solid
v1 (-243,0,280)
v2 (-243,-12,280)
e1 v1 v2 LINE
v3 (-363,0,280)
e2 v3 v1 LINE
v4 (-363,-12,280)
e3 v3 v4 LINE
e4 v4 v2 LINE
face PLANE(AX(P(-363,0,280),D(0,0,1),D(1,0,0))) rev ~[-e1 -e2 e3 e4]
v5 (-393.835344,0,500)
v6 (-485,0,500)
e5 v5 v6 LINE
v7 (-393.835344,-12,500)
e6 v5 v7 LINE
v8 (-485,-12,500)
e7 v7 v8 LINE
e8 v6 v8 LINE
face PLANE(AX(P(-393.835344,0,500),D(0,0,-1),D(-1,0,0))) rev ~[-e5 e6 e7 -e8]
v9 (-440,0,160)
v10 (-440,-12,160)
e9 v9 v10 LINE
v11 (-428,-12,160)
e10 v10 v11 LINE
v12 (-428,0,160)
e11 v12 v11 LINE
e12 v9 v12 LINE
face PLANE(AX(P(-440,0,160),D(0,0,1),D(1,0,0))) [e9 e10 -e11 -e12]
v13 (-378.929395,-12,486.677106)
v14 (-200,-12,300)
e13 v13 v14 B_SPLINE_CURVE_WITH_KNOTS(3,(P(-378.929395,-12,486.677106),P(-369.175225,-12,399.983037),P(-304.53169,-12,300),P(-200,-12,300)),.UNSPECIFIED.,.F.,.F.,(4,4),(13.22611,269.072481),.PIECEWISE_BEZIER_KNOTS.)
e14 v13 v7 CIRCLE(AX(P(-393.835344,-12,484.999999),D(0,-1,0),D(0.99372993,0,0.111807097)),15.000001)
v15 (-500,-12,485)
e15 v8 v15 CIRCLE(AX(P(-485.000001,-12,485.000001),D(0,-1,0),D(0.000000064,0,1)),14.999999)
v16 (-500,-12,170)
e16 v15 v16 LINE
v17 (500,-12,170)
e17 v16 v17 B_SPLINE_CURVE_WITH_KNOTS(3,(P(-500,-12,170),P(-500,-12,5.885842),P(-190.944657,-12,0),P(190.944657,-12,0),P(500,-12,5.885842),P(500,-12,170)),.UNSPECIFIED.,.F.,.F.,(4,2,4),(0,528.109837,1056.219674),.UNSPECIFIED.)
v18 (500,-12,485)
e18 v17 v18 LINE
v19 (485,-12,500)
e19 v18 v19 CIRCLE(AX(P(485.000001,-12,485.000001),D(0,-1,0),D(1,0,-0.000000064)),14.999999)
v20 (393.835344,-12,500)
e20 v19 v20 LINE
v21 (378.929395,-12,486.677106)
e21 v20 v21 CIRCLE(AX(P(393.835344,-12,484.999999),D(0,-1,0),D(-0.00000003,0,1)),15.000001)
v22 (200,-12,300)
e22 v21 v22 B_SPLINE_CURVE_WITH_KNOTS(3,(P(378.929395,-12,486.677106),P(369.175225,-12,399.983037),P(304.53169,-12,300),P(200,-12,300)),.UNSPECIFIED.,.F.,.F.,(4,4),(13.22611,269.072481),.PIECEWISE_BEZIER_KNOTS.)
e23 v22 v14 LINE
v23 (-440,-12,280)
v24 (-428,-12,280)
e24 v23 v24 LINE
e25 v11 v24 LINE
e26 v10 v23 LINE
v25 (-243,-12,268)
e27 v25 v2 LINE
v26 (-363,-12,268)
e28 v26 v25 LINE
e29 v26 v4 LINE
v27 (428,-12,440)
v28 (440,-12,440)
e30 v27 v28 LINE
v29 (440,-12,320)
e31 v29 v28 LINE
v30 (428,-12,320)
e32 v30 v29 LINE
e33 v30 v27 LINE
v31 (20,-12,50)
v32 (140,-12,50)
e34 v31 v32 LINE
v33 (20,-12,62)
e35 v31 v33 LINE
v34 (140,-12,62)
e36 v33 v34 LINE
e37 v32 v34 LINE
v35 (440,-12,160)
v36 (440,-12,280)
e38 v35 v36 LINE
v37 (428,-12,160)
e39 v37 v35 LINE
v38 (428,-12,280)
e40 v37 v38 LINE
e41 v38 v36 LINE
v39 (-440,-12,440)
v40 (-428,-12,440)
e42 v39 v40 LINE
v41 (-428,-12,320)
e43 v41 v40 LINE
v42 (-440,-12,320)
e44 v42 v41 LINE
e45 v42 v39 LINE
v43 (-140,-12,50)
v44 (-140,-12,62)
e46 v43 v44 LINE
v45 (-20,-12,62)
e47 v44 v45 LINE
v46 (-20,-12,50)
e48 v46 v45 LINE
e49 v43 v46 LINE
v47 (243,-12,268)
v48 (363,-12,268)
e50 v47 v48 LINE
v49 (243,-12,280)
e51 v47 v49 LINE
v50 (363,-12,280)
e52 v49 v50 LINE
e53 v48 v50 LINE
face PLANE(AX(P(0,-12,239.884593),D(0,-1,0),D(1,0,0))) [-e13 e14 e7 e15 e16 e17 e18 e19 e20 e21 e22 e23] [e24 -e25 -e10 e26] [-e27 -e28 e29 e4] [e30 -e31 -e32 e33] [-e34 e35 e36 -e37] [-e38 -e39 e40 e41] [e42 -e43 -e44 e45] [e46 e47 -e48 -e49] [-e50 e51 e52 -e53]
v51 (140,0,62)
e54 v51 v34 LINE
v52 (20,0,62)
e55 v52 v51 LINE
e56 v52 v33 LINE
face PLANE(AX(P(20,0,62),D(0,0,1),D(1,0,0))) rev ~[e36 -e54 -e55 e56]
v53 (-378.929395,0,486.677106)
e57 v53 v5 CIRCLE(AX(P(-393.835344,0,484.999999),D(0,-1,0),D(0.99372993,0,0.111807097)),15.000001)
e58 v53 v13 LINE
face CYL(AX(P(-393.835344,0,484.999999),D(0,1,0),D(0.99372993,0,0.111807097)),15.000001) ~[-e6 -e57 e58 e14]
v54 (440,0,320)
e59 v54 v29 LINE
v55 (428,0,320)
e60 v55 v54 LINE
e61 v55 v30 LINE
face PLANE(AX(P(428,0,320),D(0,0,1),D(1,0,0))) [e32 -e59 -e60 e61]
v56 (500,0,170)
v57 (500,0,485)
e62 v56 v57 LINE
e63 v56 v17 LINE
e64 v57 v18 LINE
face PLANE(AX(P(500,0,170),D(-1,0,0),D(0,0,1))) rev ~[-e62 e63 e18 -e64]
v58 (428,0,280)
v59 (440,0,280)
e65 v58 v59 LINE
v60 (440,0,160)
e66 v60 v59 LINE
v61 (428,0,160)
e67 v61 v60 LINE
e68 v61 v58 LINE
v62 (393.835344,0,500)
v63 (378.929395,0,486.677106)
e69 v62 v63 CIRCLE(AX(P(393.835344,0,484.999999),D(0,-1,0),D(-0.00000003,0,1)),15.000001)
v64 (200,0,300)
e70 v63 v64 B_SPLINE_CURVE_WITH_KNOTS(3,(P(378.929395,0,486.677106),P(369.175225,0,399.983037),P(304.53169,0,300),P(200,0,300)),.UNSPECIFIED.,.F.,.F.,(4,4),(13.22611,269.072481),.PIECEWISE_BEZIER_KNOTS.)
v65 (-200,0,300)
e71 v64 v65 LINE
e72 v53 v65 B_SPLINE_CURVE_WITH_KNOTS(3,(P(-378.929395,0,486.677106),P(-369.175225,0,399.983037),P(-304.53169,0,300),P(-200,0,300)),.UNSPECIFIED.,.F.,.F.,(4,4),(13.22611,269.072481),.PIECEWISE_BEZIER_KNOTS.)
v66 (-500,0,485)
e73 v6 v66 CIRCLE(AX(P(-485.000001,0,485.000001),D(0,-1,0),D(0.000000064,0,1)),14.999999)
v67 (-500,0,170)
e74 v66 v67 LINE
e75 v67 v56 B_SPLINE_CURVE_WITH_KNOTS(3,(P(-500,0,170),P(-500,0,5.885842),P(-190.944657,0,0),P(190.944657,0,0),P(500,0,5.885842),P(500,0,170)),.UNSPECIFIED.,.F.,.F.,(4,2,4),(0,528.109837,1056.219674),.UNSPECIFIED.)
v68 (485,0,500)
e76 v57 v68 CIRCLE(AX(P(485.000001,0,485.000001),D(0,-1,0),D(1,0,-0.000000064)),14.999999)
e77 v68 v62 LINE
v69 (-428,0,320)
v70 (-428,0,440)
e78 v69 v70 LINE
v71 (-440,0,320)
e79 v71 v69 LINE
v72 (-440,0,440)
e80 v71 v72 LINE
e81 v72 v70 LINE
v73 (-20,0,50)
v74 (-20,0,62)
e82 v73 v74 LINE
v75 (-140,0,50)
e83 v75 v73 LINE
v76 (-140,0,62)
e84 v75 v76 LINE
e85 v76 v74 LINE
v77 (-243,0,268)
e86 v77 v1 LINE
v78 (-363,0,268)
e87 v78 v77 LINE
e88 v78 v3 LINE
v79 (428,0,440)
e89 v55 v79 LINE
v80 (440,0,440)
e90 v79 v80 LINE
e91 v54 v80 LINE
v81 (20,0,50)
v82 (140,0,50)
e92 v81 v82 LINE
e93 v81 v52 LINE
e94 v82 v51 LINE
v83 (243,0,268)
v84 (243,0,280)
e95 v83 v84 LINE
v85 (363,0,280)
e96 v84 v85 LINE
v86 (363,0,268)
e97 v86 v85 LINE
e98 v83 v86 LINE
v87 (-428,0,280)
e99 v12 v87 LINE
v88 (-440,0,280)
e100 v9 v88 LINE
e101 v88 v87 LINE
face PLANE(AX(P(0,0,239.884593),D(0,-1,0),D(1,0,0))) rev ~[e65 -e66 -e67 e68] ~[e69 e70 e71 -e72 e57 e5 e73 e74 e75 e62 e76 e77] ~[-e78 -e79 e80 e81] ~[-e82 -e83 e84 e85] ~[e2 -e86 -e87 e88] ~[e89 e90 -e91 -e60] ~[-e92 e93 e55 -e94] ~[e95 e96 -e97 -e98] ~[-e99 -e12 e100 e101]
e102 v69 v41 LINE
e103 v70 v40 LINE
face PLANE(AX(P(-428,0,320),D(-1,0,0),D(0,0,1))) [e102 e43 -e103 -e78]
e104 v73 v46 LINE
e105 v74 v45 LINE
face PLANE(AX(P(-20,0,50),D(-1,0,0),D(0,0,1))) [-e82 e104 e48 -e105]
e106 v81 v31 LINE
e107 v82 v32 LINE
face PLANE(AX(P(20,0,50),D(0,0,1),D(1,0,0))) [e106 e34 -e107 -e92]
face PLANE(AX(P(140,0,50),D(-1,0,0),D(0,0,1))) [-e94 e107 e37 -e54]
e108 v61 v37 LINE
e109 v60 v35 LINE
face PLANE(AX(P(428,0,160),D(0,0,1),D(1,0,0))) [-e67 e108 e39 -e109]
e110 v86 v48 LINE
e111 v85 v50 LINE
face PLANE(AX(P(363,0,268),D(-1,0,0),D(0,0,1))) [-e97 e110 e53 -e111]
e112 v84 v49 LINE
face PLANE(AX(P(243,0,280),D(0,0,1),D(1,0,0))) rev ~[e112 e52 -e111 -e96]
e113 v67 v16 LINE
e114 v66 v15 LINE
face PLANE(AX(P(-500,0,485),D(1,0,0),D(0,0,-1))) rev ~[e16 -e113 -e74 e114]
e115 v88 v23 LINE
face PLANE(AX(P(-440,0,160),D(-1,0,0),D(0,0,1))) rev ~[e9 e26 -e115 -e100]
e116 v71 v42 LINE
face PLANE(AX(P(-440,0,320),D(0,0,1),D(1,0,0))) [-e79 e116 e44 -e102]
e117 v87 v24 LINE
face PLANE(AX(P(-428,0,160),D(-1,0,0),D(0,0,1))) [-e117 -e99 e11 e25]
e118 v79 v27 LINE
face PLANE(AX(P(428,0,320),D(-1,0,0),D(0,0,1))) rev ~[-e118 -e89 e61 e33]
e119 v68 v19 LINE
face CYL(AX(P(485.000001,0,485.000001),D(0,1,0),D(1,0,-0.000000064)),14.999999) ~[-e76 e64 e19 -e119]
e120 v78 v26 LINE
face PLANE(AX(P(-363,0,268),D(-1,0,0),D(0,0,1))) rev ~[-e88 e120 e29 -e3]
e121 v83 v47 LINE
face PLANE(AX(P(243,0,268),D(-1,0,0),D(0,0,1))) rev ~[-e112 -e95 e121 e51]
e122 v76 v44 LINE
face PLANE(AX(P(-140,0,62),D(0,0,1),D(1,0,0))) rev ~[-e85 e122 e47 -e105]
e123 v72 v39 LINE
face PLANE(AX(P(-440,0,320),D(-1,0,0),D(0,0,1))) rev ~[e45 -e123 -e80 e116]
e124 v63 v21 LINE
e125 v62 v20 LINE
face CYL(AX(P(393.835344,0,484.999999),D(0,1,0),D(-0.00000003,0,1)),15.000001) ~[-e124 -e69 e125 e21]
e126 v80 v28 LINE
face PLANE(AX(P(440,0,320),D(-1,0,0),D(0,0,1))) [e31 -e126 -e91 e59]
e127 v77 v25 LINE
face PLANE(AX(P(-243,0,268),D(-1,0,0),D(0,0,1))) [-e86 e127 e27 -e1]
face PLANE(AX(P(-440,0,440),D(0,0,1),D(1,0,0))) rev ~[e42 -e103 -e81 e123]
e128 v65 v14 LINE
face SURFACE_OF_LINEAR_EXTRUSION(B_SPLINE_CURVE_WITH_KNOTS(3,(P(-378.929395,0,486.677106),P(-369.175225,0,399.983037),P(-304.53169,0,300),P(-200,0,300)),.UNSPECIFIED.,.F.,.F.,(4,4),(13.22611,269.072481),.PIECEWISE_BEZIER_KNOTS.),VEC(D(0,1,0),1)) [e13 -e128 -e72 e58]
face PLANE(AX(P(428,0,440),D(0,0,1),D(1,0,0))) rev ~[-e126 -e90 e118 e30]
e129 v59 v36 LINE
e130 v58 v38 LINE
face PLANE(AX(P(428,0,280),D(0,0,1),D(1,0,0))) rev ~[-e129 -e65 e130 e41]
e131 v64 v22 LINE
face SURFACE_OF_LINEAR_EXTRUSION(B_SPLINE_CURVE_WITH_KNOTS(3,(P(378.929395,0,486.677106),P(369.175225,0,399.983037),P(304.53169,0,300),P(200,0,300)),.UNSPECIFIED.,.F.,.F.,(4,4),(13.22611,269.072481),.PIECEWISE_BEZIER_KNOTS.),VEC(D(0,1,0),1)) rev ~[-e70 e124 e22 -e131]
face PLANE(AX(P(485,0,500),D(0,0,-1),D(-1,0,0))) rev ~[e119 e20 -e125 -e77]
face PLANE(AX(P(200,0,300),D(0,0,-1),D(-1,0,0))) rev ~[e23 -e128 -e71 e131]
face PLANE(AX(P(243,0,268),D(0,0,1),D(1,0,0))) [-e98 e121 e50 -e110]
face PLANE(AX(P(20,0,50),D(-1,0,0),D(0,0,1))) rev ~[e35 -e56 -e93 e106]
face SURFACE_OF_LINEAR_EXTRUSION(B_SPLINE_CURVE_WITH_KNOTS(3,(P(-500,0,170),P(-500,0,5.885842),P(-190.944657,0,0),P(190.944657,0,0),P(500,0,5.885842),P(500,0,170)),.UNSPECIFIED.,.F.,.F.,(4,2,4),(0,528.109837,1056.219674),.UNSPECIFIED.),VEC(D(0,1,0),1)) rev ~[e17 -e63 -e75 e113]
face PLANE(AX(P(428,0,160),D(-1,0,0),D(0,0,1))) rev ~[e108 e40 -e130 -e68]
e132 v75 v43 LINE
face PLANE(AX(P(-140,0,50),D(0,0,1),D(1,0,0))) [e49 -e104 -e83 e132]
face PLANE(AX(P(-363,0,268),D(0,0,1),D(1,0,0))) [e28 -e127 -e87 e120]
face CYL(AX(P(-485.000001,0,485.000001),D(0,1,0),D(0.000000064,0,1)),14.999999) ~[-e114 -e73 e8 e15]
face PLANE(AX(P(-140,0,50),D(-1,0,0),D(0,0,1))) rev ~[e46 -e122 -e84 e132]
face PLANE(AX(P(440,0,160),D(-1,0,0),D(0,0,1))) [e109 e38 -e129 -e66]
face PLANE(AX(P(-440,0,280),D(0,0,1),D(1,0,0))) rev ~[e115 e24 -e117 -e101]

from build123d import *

# Parameters (mm, degrees)
F0_W     = 120
F0_H     = 12
F0_W_2   = 12
F0_H_2   = 120
F1_DEPTH = 12


with BuildPart() as f1:
    # F0 (on Front) → F1 (new body)
    with BuildSketch(Plane.XZ):
        with BuildLine():
            ThreePointArc((-378.929395, 486.677106), (-383.83926, 496.183841), (-393.835344, 500))
            Line((-393.835344, 500), (-485, 500))
            ThreePointArc((-485, 500), (-495.606602, 495.606602), (-500, 485))
            Line((-500, 485), (-500, 170))
            add(Edge.make_bspline(
                [(-500, 170), (-500, 5.885842), (-190.944657, 0), (0, 0)],
                knots=[0, 0, 0, 0, 528.109837, 528.109837, 528.109837, 528.109837], degree=3))
            add(Edge.make_bspline(
                [(500, 170), (500, 5.885842), (190.944657, 0), (0, 0)],
                knots=[0, 0, 0, 0, 528.109837, 528.109837, 528.109837, 528.109837], degree=3))
            Line((500, 170), (500, 485))
            ThreePointArc((500, 485), (495.606602, 495.606602), (485, 500))
            Line((485, 500), (393.835344, 500))
            ThreePointArc((393.835344, 500), (383.83926, 496.183841), (378.929395, 486.677106))
            add(Edge.make_bspline(
                [(378.929395, 486.677106), (369.175225, 399.983037), (304.53169, 300), (200, 300)],
                knots=[13.22611, 13.22611, 13.22611, 13.22611, 269.072481, 269.072481, 269.072481, 269.072481], degree=3))
            Line((200, 300), (0, 300))
            Line((0, 300), (-200, 300))
            add(Edge.make_bspline(
                [(-378.929395, 486.677106), (-369.175225, 399.983037), (-304.53169, 300), (-200, 300)],
                knots=[13.22611, 13.22611, 13.22611, 13.22611, 269.072481, 269.072481, 269.072481, 269.072481], degree=3))
        make_face()
        with Locations((-80, 56)):
            Rectangle(F0_W, F0_H, mode=Mode.SUBTRACT)
        with Locations((-434, 220)):
            Rectangle(F0_W_2, F0_H_2, mode=Mode.SUBTRACT)
        with Locations((80, 56)):
            Rectangle(F0_W, F0_H, mode=Mode.SUBTRACT)
        with Locations((434, 220)):
            Rectangle(F0_W_2, F0_H_2, mode=Mode.SUBTRACT)
        with Locations((-303, 274)):
            Rectangle(F0_W, F0_H, mode=Mode.SUBTRACT)
        with Locations((-434, 380)):
            Rectangle(F0_W_2, F0_H_2, mode=Mode.SUBTRACT)
        with Locations((303, 274)):
            Rectangle(F0_W, F0_H, mode=Mode.SUBTRACT)
        with Locations((434, 380)):
            Rectangle(F0_W_2, F0_H_2, mode=Mode.SUBTRACT)
    extrude(amount=F1_DEPTH)


solid = f1.part
